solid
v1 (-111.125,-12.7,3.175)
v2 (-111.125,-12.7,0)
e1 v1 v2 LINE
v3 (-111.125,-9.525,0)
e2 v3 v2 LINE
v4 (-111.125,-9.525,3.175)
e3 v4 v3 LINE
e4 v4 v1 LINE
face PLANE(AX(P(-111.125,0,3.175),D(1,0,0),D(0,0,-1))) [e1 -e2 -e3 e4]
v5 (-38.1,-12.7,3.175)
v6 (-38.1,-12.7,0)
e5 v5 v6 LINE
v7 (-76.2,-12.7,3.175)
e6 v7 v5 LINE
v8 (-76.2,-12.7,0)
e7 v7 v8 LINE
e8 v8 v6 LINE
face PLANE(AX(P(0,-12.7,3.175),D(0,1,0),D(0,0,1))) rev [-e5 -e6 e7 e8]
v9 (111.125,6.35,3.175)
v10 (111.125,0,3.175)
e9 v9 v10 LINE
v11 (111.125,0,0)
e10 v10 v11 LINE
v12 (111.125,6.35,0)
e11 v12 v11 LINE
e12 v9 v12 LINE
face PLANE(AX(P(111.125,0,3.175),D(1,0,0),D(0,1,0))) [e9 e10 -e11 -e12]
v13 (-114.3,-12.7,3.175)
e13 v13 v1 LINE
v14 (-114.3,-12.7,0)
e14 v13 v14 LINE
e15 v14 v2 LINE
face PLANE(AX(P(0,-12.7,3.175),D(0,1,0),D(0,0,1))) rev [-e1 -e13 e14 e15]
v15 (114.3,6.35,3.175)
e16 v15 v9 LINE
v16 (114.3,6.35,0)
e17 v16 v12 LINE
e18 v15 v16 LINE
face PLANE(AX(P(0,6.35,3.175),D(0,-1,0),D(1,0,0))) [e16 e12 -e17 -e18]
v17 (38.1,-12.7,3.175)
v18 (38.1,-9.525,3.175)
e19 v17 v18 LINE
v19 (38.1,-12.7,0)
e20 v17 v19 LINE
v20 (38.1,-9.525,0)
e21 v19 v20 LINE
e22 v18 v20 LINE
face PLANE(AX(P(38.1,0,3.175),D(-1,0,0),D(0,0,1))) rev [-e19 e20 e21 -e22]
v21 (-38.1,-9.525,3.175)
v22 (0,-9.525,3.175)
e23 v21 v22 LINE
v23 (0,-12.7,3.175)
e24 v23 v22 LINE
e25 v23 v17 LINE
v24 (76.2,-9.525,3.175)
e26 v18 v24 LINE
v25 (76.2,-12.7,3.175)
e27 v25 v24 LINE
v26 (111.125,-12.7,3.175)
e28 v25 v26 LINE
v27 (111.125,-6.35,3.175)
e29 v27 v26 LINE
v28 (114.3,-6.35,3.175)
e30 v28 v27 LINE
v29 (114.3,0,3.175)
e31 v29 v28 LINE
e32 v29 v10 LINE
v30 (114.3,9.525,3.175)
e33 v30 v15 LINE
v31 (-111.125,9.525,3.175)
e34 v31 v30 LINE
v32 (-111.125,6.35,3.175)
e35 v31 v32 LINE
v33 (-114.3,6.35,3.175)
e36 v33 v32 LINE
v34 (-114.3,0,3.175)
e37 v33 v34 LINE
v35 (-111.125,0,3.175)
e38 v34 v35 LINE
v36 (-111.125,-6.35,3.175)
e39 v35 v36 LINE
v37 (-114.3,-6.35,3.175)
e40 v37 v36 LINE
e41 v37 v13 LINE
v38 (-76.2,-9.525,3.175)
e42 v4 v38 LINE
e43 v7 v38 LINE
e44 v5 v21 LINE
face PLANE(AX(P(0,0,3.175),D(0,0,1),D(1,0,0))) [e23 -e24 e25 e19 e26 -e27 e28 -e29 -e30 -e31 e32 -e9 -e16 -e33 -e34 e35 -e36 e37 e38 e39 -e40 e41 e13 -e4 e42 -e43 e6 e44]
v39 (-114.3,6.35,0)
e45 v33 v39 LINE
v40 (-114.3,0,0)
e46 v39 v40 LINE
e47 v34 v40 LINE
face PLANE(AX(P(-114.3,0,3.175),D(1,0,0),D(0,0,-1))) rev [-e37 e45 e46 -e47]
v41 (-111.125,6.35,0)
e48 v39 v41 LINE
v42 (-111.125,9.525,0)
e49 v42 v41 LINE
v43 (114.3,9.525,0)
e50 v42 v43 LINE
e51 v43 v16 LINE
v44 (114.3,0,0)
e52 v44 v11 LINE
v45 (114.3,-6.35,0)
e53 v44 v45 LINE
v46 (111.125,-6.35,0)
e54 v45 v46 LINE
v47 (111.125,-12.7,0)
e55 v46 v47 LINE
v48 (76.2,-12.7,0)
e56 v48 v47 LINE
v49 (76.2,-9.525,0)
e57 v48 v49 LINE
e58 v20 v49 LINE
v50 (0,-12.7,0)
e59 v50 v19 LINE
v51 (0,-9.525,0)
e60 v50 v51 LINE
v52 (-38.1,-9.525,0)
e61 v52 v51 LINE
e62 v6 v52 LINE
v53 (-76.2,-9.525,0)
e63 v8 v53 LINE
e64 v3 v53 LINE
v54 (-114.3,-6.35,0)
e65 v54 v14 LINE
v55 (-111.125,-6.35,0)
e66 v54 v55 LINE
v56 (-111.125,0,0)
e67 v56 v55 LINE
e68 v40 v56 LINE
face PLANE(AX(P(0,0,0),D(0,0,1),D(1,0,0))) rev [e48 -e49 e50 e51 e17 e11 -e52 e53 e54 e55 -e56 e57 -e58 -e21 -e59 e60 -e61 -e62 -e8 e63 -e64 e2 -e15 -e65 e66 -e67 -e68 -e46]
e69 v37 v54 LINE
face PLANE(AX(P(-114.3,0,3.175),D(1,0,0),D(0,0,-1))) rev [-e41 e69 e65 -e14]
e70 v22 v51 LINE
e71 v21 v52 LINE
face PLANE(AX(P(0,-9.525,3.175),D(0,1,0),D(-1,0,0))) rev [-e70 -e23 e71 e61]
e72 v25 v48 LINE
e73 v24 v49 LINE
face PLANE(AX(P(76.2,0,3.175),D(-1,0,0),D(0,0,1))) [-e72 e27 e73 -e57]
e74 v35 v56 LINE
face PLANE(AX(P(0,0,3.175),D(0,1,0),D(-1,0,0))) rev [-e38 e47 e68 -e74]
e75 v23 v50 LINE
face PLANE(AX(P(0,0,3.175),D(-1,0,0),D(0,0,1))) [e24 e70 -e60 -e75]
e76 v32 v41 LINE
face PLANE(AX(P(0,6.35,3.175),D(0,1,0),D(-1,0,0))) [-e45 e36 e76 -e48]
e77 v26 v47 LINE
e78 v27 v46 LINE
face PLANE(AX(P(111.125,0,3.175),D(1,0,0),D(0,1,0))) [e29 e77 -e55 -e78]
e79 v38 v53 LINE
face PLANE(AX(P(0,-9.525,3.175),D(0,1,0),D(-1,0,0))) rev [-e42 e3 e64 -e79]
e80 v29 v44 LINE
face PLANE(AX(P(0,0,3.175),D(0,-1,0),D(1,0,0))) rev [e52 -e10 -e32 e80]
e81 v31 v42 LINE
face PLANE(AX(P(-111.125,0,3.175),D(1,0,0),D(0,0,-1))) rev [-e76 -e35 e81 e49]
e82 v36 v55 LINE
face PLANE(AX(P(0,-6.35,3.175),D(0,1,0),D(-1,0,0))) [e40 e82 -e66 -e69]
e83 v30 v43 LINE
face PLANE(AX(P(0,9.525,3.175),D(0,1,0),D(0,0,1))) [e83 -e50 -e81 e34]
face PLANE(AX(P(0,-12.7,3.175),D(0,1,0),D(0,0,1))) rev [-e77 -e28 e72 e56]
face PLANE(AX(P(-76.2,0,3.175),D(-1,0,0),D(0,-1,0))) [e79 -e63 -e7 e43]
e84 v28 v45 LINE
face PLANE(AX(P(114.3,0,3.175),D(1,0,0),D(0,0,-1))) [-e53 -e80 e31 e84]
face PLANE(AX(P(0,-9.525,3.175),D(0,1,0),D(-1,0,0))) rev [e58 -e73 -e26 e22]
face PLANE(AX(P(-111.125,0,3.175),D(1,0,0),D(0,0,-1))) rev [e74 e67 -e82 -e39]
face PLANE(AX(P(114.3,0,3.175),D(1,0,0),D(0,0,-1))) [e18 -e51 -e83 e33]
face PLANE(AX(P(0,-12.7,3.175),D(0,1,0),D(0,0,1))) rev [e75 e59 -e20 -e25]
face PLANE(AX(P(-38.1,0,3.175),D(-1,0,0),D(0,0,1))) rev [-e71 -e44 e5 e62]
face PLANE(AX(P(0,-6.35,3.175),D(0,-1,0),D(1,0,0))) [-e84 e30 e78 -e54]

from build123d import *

# Parameters (mm, degrees)
BOSS_EXTRUDE1_DEPTH = 3.175


with BuildPart() as part:
    # Sketch1 → Boss-Extrude1 (new body)
    with BuildSketch(Plane.XY):
        Polygon((-111.125, 9.525), (-111.125, 6.35), (-114.3, 6.35), (-114.3, 0), (-111.125, 0), (-111.125, -6.35), (-114.3, -6.35), (-114.3, -12.7), (-111.125, -12.7), (-111.125, -9.525), (-76.2, -9.525), (-76.2, -12.7), (-38.1, -12.7), (-38.1, -9.525), (0, -9.525), (0, -12.7), (38.1, -12.7), (38.1, -9.525), (76.2, -9.525), (76.2, -12.7), (111.125, -12.7), (111.125, -6.35), (114.3, -6.35), (114.3, 0), (111.125, 0), (111.125, 6.35), (114.3, 6.35), (114.3, 9.525), align=None)
    extrude(amount=BOSS_EXTRUDE1_DEPTH)


solid = part.part
